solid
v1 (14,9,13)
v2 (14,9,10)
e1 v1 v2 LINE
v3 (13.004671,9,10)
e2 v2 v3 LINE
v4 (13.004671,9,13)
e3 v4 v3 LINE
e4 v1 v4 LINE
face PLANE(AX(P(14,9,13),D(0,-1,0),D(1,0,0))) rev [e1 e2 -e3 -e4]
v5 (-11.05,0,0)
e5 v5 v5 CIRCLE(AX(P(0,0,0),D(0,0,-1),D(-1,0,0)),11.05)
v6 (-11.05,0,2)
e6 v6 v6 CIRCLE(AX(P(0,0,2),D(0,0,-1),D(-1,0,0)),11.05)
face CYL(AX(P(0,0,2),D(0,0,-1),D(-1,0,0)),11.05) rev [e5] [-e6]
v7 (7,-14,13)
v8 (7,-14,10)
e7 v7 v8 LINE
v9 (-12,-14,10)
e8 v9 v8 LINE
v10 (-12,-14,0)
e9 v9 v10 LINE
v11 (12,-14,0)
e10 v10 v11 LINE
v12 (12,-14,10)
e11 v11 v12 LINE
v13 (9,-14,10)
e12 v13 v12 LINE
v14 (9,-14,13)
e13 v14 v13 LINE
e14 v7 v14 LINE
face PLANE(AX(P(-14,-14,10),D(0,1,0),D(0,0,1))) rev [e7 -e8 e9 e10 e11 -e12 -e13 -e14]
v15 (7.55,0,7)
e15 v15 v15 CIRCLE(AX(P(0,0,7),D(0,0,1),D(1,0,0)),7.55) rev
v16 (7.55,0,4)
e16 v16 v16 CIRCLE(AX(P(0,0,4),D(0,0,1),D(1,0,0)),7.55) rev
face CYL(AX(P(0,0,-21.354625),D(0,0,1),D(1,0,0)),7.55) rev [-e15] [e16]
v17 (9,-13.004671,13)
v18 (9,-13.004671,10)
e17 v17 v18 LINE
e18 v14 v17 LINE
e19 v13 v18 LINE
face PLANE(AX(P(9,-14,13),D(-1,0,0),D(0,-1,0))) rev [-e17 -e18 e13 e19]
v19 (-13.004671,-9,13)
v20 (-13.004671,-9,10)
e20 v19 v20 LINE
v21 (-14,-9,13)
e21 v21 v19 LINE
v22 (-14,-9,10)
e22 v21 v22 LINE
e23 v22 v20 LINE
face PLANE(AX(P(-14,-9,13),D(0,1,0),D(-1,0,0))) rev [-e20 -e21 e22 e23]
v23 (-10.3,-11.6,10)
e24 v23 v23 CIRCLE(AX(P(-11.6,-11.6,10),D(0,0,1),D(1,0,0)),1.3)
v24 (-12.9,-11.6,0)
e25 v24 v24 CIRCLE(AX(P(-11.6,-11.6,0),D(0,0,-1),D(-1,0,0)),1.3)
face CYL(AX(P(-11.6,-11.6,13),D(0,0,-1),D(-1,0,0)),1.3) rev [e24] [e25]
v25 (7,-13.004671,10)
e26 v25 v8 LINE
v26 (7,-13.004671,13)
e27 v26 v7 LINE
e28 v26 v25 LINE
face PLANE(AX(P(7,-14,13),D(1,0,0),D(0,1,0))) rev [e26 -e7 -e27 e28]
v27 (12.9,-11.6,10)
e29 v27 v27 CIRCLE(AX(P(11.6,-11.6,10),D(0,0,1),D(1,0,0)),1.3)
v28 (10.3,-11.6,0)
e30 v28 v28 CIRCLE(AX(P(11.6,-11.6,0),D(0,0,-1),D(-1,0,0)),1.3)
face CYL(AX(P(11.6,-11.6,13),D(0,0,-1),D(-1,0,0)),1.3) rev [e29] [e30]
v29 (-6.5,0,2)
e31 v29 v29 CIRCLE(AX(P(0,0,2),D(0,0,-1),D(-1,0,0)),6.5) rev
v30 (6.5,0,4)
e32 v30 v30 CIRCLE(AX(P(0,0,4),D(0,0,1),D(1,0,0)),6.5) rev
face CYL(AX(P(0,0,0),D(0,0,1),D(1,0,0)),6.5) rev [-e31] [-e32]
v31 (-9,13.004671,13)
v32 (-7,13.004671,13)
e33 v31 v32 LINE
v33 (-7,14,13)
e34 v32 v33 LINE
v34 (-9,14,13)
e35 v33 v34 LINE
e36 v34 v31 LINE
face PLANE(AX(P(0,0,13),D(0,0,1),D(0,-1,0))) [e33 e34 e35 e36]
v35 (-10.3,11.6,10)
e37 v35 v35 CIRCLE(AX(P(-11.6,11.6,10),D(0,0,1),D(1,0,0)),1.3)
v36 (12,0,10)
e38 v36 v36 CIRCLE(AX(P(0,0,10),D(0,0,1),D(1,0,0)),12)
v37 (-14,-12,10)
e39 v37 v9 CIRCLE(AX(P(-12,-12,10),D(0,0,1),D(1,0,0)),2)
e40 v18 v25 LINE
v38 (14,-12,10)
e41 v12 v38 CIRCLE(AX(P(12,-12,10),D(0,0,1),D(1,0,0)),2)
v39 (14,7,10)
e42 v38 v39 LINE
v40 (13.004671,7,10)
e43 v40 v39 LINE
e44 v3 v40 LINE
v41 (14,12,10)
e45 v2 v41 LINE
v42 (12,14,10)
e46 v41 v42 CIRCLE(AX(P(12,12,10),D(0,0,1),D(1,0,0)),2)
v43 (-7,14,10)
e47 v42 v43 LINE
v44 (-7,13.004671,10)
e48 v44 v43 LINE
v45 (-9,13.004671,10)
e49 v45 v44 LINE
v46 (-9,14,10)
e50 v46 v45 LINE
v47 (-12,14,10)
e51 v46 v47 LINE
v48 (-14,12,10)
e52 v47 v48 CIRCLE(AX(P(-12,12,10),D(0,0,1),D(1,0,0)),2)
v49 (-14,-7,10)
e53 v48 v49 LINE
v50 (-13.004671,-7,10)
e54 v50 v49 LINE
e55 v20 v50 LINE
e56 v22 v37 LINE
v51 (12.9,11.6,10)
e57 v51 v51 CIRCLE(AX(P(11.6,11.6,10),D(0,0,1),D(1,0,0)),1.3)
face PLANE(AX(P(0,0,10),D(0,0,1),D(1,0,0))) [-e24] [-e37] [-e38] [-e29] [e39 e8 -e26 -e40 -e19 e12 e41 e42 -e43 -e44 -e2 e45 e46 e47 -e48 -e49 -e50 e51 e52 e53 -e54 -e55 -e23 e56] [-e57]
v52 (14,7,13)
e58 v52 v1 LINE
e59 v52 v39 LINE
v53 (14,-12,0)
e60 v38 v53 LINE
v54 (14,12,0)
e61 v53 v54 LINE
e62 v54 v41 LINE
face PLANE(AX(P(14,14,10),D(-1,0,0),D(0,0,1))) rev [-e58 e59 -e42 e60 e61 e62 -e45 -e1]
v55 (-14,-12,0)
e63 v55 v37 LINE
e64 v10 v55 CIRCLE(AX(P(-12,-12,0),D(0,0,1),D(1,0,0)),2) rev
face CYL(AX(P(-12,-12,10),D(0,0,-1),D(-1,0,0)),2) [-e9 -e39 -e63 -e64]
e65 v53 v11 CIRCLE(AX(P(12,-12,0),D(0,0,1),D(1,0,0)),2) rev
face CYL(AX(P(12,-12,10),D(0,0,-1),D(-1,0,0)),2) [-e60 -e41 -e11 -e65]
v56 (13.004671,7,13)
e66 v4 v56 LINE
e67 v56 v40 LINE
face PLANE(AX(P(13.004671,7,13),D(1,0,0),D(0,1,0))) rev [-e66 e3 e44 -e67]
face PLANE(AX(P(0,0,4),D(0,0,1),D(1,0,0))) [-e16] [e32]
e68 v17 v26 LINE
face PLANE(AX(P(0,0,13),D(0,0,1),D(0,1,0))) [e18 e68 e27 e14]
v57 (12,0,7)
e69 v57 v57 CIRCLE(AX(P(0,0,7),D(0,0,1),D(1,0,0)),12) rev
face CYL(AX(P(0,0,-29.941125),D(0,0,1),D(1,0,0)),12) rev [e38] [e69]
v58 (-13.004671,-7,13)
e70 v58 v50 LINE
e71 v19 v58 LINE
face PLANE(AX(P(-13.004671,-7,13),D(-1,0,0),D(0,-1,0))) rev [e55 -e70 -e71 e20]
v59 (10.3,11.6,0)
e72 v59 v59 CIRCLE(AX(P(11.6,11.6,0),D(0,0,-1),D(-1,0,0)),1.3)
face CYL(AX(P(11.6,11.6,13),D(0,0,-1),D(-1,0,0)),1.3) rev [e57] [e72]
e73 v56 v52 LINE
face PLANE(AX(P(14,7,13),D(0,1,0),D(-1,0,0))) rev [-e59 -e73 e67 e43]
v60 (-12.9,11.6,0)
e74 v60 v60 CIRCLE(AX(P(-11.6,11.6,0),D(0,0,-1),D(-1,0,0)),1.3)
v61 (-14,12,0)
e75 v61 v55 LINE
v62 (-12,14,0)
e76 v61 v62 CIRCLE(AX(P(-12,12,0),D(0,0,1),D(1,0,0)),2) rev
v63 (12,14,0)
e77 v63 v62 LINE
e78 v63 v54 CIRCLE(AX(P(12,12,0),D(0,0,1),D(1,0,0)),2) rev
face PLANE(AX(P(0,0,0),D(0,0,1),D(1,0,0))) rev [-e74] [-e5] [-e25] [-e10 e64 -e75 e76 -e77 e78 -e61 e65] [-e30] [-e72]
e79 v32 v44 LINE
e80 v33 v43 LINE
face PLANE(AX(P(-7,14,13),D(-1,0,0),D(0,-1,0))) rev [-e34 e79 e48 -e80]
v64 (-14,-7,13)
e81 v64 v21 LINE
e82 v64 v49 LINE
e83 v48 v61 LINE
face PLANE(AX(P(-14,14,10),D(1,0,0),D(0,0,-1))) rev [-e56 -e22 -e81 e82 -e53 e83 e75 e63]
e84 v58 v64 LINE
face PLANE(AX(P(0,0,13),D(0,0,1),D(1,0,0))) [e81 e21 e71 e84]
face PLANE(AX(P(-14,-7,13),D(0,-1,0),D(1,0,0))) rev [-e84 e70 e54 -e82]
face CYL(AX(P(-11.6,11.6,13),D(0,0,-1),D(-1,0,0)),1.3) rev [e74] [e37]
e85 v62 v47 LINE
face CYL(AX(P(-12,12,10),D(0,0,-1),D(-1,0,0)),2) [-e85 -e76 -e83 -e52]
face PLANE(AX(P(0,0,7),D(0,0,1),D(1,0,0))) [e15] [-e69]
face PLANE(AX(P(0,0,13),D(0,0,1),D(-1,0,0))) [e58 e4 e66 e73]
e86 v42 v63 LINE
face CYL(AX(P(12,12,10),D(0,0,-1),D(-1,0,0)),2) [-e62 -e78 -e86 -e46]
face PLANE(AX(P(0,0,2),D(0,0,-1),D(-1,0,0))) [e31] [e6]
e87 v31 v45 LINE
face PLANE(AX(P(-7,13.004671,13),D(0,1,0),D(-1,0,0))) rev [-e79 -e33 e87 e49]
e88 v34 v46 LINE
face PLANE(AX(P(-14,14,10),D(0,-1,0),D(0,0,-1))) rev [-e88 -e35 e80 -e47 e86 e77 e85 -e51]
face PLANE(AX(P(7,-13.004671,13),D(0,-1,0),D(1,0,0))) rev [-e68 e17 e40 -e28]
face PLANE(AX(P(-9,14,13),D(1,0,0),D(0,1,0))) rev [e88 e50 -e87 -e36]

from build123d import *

# Parameters (mm, degrees)
SKETCH_1_W               = 28
SKETCH_1_H               = 28
EXTRUDE_1_DEPTH          = 10
SKETCH_2_R               = 6.5
CUT_EXTRUDE_1_DEPTH      = 11
SKETCH_3_R               = 7.55
CUT_EXTRUDE_2_DEPTH      = 6
SKETCH_6_R               = 11.05
CUT_EXTRUDE_3_DEPTH      = 2
FILLET_1_R               = 2
SKETCH_7_W               = 0.995329216
SKETCH_7_H               = 2
EXTRUDE_2_DEPTH          = 3
PATTERN_CIRCULAR_1_COUNT = 4
SKETCH_8_R               = 12
CUT_EXTRUDE_4_DEPTH      = 3
SKETCH_9_R               = 1.3
CUT_EXTRUDE_5_DEPTH      = 14


with BuildPart() as part:
    # 草图1 → 凸台-拉伸1 (new body)
    with BuildSketch(Plane.XY):
        Rectangle(SKETCH_1_W, SKETCH_1_H)
    extrude(amount=EXTRUDE_1_DEPTH)

    # 草图2 → 切除-拉伸1 (cut, through all)
    with BuildSketch(Plane.XY.offset(10)):
        Circle(SKETCH_2_R)
    extrude(amount=-CUT_EXTRUDE_1_DEPTH, mode=Mode.SUBTRACT)

    # 草图3 → 切除-拉伸2 (cut)
    with BuildSketch(Plane.XY.offset(10)):
        Circle(SKETCH_3_R)
    extrude(amount=-CUT_EXTRUDE_2_DEPTH, mode=Mode.SUBTRACT)

    # 草图6 → 切除-拉伸3 (cut)
    with BuildSketch(Plane(origin=(0, 0, 0), x_dir=(-1, 0, 0), z_dir=(0, 0, -1))):
        Circle(SKETCH_6_R)
    extrude(amount=-CUT_EXTRUDE_3_DEPTH, mode=Mode.SUBTRACT)

    # 圆角1
    fillet_1_edges = [part.edges().sort_by_distance(p)[0] for p in [
        (14, -14, 5),
        (-14, -14, 5),
        (-14, 14, 5),
        (14, 14, 5),
    ]]
    fillet(fillet_1_edges, radius=FILLET_1_R)

    # 草图7 → 凸台-拉伸2 (add)
    with BuildSketch(Plane.XY.offset(10)):
        with Locations((-13.502335392, -8)):
            Rectangle(SKETCH_7_W, SKETCH_7_H)
    extrude_2 = extrude(amount=EXTRUDE_2_DEPTH)

    # 阵列(圆周)1: 凸台-拉伸2 ×4 about axis
    pattern_circular_1_axis = Axis((0, 0, 0), (0, 0, 1))
    for i in range(1, PATTERN_CIRCULAR_1_COUNT):
        add(extrude_2.rotate(pattern_circular_1_axis, i * 360 / PATTERN_CIRCULAR_1_COUNT))

    # 草图8 → 切除-拉伸4 (cut)
    with BuildSketch(Plane.XY.offset(10)):
        Circle(SKETCH_8_R)
    extrude(amount=-CUT_EXTRUDE_4_DEPTH, mode=Mode.SUBTRACT)

    # 草图9 → 切除-拉伸5 (cut, through all)
    with BuildSketch(Plane(origin=(0, 0, 0), x_dir=(-1, 0, 0), z_dir=(0, 0, -1))):
        with Locations((-11.6, 11.6)):
            Circle(SKETCH_9_R)
        with Locations((11.6, 11.6)):
            Circle(SKETCH_9_R)
        with Locations((11.6, -11.6)):
            Circle(SKETCH_9_R)
        with Locations((-11.6, -11.6)):
            Circle(SKETCH_9_R)
    extrude(amount=-CUT_EXTRUDE_5_DEPTH, mode=Mode.SUBTRACT)


solid = part.part
